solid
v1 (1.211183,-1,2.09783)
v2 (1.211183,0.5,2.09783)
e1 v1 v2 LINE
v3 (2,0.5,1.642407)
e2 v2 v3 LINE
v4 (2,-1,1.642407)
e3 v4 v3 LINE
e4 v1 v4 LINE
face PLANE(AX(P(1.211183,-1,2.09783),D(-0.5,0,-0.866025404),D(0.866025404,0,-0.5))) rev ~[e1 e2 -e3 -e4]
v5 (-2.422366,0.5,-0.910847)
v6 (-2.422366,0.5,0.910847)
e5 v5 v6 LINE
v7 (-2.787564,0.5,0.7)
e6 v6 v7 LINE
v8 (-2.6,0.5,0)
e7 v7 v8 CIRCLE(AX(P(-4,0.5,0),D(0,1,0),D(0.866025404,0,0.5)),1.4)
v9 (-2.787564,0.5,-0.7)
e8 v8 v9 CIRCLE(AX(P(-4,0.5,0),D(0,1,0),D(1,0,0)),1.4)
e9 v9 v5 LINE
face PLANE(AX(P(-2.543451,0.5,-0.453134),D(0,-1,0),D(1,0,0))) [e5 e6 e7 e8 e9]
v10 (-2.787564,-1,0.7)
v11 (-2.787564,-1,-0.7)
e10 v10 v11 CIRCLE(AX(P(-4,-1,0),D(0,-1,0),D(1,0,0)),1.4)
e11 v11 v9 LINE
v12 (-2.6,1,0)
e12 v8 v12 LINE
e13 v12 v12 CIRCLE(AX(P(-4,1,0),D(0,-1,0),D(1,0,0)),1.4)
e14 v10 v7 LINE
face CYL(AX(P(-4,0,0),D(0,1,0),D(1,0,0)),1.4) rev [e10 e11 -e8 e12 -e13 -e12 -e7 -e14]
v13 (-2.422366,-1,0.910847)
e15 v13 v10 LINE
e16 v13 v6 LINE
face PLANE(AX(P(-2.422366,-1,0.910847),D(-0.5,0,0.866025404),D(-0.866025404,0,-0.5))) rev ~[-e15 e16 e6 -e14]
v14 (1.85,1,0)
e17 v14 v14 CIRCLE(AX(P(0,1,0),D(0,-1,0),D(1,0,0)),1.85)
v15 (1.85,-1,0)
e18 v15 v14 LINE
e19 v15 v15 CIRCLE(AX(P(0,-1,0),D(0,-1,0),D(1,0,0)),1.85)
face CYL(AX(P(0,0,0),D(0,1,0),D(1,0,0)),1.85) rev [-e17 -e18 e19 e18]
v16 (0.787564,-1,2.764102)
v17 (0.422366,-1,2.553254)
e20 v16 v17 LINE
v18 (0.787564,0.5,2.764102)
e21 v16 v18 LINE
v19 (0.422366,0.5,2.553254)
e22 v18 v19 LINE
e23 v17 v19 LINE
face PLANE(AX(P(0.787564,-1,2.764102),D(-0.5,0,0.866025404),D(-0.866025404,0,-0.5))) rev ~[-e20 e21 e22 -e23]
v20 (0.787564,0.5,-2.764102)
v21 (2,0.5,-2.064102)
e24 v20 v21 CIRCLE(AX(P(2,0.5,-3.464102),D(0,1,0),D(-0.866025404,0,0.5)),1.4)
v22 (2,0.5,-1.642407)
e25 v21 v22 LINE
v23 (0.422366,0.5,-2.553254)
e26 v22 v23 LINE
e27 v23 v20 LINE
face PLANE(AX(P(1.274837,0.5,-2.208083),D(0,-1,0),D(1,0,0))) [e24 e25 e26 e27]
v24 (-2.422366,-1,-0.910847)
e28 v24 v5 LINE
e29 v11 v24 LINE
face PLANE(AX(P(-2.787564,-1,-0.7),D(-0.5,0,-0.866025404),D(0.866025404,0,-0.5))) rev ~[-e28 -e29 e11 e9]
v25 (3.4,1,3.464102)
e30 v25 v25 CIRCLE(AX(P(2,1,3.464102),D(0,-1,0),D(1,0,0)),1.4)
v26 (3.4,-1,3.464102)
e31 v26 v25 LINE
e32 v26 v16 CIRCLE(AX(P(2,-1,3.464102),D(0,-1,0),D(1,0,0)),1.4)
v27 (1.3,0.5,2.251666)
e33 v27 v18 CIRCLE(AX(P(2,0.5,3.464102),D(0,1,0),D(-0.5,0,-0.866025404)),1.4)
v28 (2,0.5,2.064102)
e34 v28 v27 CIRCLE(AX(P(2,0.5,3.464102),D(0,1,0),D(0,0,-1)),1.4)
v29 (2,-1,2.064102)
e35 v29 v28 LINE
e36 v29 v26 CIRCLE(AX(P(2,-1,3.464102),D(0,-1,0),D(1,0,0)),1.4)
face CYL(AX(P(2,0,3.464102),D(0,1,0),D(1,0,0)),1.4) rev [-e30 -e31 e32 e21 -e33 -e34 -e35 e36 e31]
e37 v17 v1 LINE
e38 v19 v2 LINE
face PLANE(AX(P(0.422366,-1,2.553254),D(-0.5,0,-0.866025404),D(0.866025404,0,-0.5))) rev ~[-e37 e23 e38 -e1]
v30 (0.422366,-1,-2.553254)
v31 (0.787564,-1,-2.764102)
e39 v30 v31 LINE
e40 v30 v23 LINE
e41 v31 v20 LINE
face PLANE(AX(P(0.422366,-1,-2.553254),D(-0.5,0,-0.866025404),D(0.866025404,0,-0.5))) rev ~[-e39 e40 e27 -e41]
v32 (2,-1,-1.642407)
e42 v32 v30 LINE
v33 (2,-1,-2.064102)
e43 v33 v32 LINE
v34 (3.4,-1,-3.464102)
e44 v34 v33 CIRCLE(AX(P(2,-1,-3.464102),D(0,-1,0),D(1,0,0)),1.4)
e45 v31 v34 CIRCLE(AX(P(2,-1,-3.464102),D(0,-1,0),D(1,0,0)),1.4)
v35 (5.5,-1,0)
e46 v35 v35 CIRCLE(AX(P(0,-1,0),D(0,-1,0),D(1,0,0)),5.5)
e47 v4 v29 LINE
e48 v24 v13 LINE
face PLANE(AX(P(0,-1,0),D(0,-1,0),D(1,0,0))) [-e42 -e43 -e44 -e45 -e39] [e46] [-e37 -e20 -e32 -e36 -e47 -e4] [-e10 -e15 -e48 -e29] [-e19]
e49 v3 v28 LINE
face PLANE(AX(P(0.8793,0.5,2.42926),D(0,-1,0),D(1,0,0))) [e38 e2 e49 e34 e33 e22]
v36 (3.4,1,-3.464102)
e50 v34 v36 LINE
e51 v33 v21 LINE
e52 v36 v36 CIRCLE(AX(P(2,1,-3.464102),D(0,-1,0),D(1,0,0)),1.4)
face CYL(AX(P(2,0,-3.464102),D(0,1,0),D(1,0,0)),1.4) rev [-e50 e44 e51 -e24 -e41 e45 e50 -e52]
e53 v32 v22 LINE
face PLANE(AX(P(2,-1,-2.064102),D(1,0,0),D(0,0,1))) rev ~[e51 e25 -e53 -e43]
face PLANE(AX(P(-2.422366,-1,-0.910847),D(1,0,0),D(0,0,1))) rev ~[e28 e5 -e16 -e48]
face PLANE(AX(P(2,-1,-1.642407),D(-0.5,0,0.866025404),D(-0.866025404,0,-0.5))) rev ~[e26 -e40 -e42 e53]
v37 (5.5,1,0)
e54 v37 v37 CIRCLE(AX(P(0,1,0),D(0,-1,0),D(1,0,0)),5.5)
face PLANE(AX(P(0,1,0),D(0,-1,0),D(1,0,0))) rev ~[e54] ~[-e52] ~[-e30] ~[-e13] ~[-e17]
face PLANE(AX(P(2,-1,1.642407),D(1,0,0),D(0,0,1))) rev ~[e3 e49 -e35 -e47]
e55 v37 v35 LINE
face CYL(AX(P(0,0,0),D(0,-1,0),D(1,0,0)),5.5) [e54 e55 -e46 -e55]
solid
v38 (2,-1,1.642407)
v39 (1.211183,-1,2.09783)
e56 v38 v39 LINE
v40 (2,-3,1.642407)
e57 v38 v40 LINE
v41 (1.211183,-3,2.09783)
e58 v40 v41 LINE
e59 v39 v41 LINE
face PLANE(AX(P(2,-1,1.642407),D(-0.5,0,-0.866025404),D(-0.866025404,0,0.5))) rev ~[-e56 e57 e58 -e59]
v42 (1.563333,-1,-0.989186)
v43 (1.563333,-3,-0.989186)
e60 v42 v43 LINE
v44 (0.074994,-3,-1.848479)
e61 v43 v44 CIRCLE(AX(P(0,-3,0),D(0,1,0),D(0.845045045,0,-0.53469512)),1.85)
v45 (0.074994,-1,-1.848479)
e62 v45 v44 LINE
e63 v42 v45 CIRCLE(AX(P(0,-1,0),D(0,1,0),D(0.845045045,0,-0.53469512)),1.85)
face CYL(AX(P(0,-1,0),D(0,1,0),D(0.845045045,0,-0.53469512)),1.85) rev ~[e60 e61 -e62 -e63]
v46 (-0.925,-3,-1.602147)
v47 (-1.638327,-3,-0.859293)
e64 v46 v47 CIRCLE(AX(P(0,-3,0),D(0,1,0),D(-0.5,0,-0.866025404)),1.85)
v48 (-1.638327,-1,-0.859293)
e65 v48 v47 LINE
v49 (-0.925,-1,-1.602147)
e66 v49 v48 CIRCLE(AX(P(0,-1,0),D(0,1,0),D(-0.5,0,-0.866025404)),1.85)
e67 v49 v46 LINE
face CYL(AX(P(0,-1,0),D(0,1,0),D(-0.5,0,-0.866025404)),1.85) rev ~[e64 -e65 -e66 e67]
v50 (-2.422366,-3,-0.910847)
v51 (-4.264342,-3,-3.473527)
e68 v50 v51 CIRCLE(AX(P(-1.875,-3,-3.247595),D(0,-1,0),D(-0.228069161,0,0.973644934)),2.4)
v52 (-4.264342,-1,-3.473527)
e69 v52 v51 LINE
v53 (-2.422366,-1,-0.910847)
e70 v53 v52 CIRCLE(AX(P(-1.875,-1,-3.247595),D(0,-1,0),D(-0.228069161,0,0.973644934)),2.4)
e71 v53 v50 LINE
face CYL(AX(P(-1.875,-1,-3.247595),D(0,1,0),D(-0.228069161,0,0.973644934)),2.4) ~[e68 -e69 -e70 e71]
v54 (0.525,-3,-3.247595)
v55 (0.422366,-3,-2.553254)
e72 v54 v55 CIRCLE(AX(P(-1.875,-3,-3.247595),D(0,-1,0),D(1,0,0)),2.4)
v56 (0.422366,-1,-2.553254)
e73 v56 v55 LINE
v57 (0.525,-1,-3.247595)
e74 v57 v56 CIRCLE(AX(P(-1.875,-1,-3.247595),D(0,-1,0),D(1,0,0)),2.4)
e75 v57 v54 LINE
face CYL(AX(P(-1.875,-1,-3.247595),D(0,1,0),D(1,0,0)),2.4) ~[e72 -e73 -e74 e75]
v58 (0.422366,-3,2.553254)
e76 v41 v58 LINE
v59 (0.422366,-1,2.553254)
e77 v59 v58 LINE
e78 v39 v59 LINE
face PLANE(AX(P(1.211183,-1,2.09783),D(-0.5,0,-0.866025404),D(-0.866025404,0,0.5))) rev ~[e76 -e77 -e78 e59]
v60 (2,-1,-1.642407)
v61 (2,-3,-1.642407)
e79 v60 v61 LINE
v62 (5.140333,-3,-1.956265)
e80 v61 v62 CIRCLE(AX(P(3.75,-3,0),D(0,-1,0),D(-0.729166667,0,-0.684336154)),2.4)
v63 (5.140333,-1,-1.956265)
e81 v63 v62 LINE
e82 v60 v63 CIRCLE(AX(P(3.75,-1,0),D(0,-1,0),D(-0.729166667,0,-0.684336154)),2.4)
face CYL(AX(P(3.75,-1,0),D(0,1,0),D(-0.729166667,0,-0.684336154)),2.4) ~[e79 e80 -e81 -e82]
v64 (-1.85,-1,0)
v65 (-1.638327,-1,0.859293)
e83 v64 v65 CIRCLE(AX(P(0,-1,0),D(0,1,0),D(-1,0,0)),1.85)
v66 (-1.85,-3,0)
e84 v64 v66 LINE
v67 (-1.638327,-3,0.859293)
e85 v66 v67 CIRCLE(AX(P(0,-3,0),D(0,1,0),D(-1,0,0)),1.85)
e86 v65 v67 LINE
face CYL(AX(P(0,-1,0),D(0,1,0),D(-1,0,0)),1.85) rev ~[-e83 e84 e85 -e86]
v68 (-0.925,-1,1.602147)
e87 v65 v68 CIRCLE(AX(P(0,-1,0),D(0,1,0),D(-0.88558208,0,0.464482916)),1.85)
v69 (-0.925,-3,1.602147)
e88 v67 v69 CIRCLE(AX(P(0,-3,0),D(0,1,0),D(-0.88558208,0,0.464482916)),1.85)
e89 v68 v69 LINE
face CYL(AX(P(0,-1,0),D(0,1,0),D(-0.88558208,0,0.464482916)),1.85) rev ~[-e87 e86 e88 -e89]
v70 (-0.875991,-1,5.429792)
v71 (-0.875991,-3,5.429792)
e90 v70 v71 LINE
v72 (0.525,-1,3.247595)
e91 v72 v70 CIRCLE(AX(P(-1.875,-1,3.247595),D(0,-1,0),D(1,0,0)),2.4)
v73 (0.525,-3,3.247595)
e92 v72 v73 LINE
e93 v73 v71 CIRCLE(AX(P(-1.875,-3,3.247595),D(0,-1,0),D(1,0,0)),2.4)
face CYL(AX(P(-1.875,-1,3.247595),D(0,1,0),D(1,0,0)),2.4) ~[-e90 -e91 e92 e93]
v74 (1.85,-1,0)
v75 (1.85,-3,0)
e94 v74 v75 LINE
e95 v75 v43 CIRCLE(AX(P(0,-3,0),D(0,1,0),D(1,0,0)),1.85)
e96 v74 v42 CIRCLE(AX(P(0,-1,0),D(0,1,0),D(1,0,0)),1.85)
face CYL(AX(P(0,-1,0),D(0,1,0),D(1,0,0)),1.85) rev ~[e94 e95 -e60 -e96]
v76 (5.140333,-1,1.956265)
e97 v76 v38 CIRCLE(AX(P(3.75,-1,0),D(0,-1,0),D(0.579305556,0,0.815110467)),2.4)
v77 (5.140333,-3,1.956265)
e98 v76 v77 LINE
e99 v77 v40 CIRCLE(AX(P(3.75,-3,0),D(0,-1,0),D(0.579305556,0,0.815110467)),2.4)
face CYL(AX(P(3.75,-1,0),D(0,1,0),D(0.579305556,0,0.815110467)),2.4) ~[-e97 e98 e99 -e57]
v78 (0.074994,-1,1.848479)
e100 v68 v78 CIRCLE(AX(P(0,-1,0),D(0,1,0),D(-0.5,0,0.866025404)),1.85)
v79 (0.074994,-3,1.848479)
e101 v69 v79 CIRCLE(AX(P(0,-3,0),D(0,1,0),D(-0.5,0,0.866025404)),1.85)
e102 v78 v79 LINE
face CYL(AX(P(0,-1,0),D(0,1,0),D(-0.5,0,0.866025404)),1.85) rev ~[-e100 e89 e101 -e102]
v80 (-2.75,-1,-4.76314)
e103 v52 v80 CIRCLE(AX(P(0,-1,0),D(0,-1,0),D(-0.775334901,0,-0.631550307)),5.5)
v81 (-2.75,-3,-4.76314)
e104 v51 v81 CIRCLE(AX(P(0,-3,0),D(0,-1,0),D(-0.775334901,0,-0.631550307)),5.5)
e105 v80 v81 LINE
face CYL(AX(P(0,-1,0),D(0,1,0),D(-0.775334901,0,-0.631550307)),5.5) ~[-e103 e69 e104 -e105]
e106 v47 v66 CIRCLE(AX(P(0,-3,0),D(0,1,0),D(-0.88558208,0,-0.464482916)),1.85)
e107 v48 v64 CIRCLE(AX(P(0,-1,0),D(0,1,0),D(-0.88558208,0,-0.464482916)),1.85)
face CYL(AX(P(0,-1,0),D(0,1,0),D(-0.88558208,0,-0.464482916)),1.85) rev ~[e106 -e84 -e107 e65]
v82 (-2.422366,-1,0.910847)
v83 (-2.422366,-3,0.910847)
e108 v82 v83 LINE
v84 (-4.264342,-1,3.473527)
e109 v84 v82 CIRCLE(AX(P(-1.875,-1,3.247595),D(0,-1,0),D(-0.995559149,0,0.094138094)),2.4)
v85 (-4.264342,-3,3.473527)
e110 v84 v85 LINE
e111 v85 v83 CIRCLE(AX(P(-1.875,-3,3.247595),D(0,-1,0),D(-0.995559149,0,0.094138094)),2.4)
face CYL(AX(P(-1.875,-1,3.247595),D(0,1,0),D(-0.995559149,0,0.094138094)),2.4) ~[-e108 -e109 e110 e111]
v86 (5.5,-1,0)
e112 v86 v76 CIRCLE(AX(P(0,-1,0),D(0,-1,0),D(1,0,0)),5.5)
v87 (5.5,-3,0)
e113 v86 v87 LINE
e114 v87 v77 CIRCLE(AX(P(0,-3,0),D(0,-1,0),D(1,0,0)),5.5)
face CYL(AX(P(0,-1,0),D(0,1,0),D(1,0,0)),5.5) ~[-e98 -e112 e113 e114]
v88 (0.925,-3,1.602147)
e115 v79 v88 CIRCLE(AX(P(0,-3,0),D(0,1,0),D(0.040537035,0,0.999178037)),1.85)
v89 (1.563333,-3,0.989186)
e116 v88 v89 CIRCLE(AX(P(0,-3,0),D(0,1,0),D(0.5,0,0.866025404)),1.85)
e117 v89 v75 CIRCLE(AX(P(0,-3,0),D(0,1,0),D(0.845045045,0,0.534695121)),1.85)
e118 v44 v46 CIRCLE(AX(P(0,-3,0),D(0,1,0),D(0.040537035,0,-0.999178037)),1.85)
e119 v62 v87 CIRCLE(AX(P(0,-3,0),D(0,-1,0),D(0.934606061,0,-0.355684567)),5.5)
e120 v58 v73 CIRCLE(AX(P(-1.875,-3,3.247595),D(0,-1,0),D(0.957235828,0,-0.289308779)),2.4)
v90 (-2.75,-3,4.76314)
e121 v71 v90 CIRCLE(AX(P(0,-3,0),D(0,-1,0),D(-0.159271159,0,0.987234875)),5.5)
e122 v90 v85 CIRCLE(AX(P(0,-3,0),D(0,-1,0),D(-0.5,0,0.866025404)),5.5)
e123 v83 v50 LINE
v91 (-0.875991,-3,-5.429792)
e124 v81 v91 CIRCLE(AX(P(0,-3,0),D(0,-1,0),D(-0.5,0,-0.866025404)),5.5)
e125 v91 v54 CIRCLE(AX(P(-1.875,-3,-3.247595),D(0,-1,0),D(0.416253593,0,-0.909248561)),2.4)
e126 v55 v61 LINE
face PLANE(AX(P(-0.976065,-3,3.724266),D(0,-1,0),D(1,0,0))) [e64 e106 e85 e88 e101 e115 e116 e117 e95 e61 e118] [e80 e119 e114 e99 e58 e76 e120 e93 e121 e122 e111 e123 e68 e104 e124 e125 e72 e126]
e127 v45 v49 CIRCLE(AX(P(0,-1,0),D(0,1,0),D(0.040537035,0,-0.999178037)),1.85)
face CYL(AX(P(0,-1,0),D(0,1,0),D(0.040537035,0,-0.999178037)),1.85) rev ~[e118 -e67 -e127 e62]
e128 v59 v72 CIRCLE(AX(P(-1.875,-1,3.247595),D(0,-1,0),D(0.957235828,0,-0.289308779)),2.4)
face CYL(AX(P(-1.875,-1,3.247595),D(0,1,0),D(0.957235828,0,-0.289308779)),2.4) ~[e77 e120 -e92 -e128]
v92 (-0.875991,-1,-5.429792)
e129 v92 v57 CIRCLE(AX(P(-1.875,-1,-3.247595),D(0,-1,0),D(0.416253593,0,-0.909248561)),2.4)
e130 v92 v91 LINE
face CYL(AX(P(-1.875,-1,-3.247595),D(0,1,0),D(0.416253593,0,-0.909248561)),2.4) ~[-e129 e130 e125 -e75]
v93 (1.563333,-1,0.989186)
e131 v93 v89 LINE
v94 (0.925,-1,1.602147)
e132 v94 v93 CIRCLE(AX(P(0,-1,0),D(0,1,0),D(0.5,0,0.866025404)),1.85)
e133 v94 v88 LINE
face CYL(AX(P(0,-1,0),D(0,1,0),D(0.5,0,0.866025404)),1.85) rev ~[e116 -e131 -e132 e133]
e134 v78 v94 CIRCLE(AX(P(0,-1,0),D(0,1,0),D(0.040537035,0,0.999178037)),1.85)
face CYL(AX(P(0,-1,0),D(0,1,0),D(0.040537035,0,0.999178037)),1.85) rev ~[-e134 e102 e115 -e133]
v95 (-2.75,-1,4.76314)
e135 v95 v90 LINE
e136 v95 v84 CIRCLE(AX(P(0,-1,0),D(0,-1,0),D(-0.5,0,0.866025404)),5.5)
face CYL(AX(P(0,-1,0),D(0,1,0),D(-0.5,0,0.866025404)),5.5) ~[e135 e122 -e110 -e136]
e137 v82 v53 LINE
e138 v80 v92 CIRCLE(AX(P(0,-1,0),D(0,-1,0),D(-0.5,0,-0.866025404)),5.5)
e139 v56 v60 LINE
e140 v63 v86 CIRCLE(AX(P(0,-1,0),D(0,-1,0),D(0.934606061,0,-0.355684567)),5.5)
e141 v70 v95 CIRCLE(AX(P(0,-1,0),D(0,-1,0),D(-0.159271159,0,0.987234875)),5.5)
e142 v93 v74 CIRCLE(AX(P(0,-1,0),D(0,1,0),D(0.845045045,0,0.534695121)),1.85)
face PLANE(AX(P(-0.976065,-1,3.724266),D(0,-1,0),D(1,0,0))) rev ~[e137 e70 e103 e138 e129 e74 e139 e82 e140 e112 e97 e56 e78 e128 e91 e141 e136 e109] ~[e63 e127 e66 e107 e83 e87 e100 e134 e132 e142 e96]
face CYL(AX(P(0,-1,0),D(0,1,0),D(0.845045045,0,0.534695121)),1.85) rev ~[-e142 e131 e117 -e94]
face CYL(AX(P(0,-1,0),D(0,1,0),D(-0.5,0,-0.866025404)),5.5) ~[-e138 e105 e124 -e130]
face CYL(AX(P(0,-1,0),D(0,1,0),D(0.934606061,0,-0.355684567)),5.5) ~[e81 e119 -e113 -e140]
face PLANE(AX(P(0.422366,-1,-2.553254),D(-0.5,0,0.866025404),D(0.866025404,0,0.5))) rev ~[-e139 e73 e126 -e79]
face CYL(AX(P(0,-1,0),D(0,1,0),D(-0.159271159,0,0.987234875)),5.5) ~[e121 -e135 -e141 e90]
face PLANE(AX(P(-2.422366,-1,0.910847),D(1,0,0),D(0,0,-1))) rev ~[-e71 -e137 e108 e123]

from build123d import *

# Parameters (mm, degrees)
F0_R     = 5.5
F0_R_2   = 1.4
F0_R_3   = 1.85
F1_DEPTH = 1
F3_DEPTH = 2
F4_DEPTH = 1.5


with BuildPart() as f1:
    # F0 (on Front) → F1 (new body, symmetric)
    with BuildSketch(Plane.XZ):
        Circle(F0_R)
        with Locations((2, -3.4641016151)):
            Circle(F0_R_2, mode=Mode.SUBTRACT)
        with Locations((-4, 0)):
            Circle(F0_R_2, mode=Mode.SUBTRACT)
        Circle(F0_R_3, mode=Mode.SUBTRACT)
        with Locations((2, 3.4641016151)):
            Circle(F0_R_2, mode=Mode.SUBTRACT)
    extrude(amount=F1_DEPTH, both=True)

    # F2 (on face) → F4 (cut)
    with BuildSketch(Plane.XZ.offset(1)):
        with BuildLine():
            Line((1.2111829933, 2.0978304817), (1.3, 2.2516660498))
            ThreePointArc((1.3, 2.2516660498), (1.0100505063, 2.4741521215), (0.7875644347, 2.7641016151))
            Line((0.7875644347, 2.7641016151), (0.4223659867, 2.5532541929))
            Line((0.4223659867, 2.5532541929), (1.2111829933, 2.0978304817))
        make_face()
        with BuildLine():
            ThreePointArc((2, 2.0641016151), (1.6376533369, 2.1118054583), (1.3, 2.2516660498))
            Line((1.3, 2.2516660498), (1.2111829933, 2.0978304817))
            Line((1.2111829933, 2.0978304817), (2, 1.6424067706))
            Line((2, 1.6424067706), (2, 2.0641016151))
        make_face()
        with BuildLine():
            Line((2, -2.0641016151), (2, -1.6424067706))
            Line((2, -1.6424067706), (0.4223659867, -2.5532541929))
            Line((0.4223659867, -2.5532541929), (0.7875644347, -2.7641016151))
            ThreePointArc((0.7875644347, -2.7641016151), (1.3, -2.2516660498), (2, -2.0641016151))
        make_face()
        with BuildLine():
            Line((-2.4223659867, -0.9108474223), (-2.4223659867, 0))
            Line((-2.4223659867, 0), (-2.6, 0))
            ThreePointArc((-2.6, 0), (-2.6477038432, -0.3623466631), (-2.7875644347, -0.7))
            Line((-2.7875644347, -0.7), (-2.4223659867, -0.9108474223))
        make_face()
        with BuildLine():
            Line((-2.4223659867, 0), (-2.4223659867, 0.9108474223))
            Line((-2.4223659867, 0.9108474223), (-2.7875644347, 0.7))
            ThreePointArc((-2.7875644347, 0.7), (-2.6477038432, 0.3623466631), (-2.6, 0))
            Line((-2.6, 0), (-2.4223659867, 0))
        make_face()
    extrude(amount=-F4_DEPTH, mode=Mode.SUBTRACT)


with BuildPart() as f3:
    # F2 (on face) → F3 (new body)
    with BuildSketch(Plane.XZ.offset(1)):
        with BuildLine():
            Line((-1, 1.7320508076), (0.4223659867, 2.5532541929))
            ThreePointArc((0.4223659867, 2.5532541929), (0.4992028523, 2.896652511), (0.525, 3.2475952642))
            ThreePointArc((0.525, 3.2475952642), (0.1446064838, 4.5442022404), (-0.8759913757, 5.4297918109))
            ThreePointArc((-0.8759913757, 5.4297918109), (-1.843382656, 5.1818857941), (-2.75, 4.7631397208))
            Line((-2.75, 4.7631397208), (-1, 1.7320508076))
        make_face()
        with BuildLine():
            Line((-2.4223659867, 0.9108474223), (-1, 1.7320508076))
            Line((-1, 1.7320508076), (-2.75, 4.7631397208))
            ThreePointArc((-2.75, 4.7631397208), (-3.5659534093, 4.1873591061), (-4.2643419577, 3.4735266903))
            ThreePointArc((-4.2643419577, 3.4735266903), (-3.823818782, 1.8468435536), (-2.4223659867, 0.9108474223))
        make_face()
        with BuildLine():
            ThreePointArc((5.1403333333, 1.9562651206), (3.5113228252, 2.3881024279), (2, 1.6424067706))
            Line((2, 1.6424067706), (2, 0))
            Line((2, 0), (5.5, 0))
            ThreePointArc((5.5, 0), (5.4093360652, 0.9945266881), (5.1403333333, 1.9562651206))
        make_face()
        with BuildLine():
            Line((5.5, 0), (2, 0))
            Line((2, 0), (2, -1.6424067706))
            ThreePointArc((2, -1.6424067706), (3.5113228252, -2.3881024279), (5.1403333333, -1.9562651206))
            ThreePointArc((5.1403333333, -1.9562651206), (5.4093360652, -0.9945266881), (5.5, 0))
        make_face()
        with BuildLine():
            ThreePointArc((0.525, -3.2475952642), (0.4992028523, -2.896652511), (0.4223659867, -2.5532541929))
            Line((0.4223659867, -2.5532541929), (-1, -1.7320508076))
            Line((-1, -1.7320508076), (-2.75, -4.7631397208))
            ThreePointArc((-2.75, -4.7631397208), (-1.843382656, -5.1818857941), (-0.8759913757, -5.4297918109))
            ThreePointArc((-0.8759913757, -5.4297918109), (0.1446064838, -4.5442022404), (0.525, -3.2475952642))
        make_face()
        with BuildLine():
            Line((-2.75, -4.7631397208), (-1, -1.7320508076))
            Line((-1, -1.7320508076), (-2.4223659867, -0.9108474223))
            ThreePointArc((-2.4223659867, -0.9108474223), (-3.823818782, -1.8468435536), (-4.2643419577, -3.4735266903))
            ThreePointArc((-4.2643419577, -3.4735266903), (-3.5659534093, -4.1873591061), (-2.75, -4.7631397208))
        make_face()
        with BuildLine():
            Line((0.925, 1.602146997), (1.2111829933, 2.0978304817))
            Line((1.2111829933, 2.0978304817), (0.4223659867, 2.5532541929))
            ThreePointArc((0.4223659867, 2.5532541929), (0.2777174855, 2.1865545357), (0.0749935149, 1.8484793677))
            ThreePointArc((0.0749935149, 1.8484793677), (0.5149433626, 1.7768886666), (0.925, 1.602146997))
        make_face()
        with BuildLine():
            Line((2, 1.6424067706), (1.2111829933, 2.0978304817))
            Line((1.2111829933, 2.0978304817), (0.925, 1.602146997))
            ThreePointArc((0.925, 1.602146997), (1.2813590436, 1.3343983668), (1.5633333333, 0.9891859729))
            ThreePointArc((1.5633333333, 0.9891859729), (1.7547530319, 1.3337876654), (2, 1.6424067706))
        make_face()
        with BuildLine():
            Line((0.4223659867, -2.5532541929), (2, -1.6424067706))
            ThreePointArc((2, -1.6424067706), (1.7547530319, -1.3337876654), (1.5633333333, -0.9891859729))
            ThreePointArc((1.5633333333, -0.9891859729), (0.925, -1.602146997), (0.0749935149, -1.8484793677))
            ThreePointArc((0.0749935149, -1.8484793677), (0.2777174855, -2.1865545357), (0.4223659867, -2.5532541929))
        make_face()
        with BuildLine():
            ThreePointArc((-1.6383268482, 0.8592933948), (-2.0324705174, 0.8527668703), (-2.4223659867, 0.9108474223))
            Line((-2.4223659867, 0.9108474223), (-2.4223659867, 0))
            Line((-2.4223659867, 0), (-1.85, 0))
            ThreePointArc((-1.85, 0), (-1.7963024062, 0.4424902998), (-1.6383268482, 0.8592933948))
        make_face()
        with BuildLine():
            ThreePointArc((-1.6383268482, -0.8592933948), (-1.7963024062, -0.4424902998), (-1.85, 0))
            Line((-1.85, 0), (-2.4223659867, 0))
            Line((-2.4223659867, 0), (-2.4223659867, -0.9108474223))
            ThreePointArc((-2.4223659867, -0.9108474223), (-2.0324705174, -0.8527668703), (-1.6383268482, -0.8592933948))
        make_face()
        with BuildLine():
            ThreePointArc((0.0749935149, 1.8484793677), (0.2777174855, 2.1865545357), (0.4223659867, 2.5532541929))
            Line((0.4223659867, 2.5532541929), (-1, 1.7320508076))
            Line((-1, 1.7320508076), (-0.925, 1.602146997))
            ThreePointArc((-0.925, 1.602146997), (-0.4424902998, 1.7963024062), (0.0749935149, 1.8484793677))
        make_face()
        with BuildLine():
            Line((-0.925, 1.602146997), (-1, 1.7320508076))
            Line((-1, 1.7320508076), (-2.4223659867, 0.9108474223))
            ThreePointArc((-2.4223659867, 0.9108474223), (-2.0324705174, 0.8527668703), (-1.6383268482, 0.8592933948))
            ThreePointArc((-1.6383268482, 0.8592933948), (-1.3343983668, 1.2813590436), (-0.925, 1.602146997))
        make_face()
        with BuildLine():
            ThreePointArc((-0.925, -1.602146997), (-1.3343983668, -1.2813590436), (-1.6383268482, -0.8592933948))
            ThreePointArc((-1.6383268482, -0.8592933948), (-2.0324705174, -0.8527668703), (-2.4223659867, -0.9108474223))
            Line((-2.4223659867, -0.9108474223), (-1, -1.7320508076))
            Line((-1, -1.7320508076), (-0.925, -1.602146997))
        make_face()
        with BuildLine():
            Line((-1, -1.7320508076), (0.4223659867, -2.5532541929))
            ThreePointArc((0.4223659867, -2.5532541929), (0.2777174855, -2.1865545357), (0.0749935149, -1.8484793677))
            ThreePointArc((0.0749935149, -1.8484793677), (-0.4424902998, -1.7963024062), (-0.925, -1.602146997))
            Line((-0.925, -1.602146997), (-1, -1.7320508076))
        make_face()
        with BuildLine():
            Line((2, -1.6424067706), (2, 0))
            Line((2, 0), (1.85, 0))
            ThreePointArc((1.85, 0), (1.7768886666, -0.5149433626), (1.5633333333, -0.9891859729))
            ThreePointArc((1.5633333333, -0.9891859729), (1.7547530319, -1.3337876654), (2, -1.6424067706))
        make_face()
        with BuildLine():
            Line((2, 0), (2, 1.6424067706))
            ThreePointArc((2, 1.6424067706), (1.7547530319, 1.3337876654), (1.5633333333, 0.9891859729))
            ThreePointArc((1.5633333333, 0.9891859729), (1.7768886666, 0.5149433626), (1.85, 0))
            Line((1.85, 0), (2, 0))
        make_face()
    extrude(amount=F3_DEPTH)


solid = Compound([f1.part, f3.part])
